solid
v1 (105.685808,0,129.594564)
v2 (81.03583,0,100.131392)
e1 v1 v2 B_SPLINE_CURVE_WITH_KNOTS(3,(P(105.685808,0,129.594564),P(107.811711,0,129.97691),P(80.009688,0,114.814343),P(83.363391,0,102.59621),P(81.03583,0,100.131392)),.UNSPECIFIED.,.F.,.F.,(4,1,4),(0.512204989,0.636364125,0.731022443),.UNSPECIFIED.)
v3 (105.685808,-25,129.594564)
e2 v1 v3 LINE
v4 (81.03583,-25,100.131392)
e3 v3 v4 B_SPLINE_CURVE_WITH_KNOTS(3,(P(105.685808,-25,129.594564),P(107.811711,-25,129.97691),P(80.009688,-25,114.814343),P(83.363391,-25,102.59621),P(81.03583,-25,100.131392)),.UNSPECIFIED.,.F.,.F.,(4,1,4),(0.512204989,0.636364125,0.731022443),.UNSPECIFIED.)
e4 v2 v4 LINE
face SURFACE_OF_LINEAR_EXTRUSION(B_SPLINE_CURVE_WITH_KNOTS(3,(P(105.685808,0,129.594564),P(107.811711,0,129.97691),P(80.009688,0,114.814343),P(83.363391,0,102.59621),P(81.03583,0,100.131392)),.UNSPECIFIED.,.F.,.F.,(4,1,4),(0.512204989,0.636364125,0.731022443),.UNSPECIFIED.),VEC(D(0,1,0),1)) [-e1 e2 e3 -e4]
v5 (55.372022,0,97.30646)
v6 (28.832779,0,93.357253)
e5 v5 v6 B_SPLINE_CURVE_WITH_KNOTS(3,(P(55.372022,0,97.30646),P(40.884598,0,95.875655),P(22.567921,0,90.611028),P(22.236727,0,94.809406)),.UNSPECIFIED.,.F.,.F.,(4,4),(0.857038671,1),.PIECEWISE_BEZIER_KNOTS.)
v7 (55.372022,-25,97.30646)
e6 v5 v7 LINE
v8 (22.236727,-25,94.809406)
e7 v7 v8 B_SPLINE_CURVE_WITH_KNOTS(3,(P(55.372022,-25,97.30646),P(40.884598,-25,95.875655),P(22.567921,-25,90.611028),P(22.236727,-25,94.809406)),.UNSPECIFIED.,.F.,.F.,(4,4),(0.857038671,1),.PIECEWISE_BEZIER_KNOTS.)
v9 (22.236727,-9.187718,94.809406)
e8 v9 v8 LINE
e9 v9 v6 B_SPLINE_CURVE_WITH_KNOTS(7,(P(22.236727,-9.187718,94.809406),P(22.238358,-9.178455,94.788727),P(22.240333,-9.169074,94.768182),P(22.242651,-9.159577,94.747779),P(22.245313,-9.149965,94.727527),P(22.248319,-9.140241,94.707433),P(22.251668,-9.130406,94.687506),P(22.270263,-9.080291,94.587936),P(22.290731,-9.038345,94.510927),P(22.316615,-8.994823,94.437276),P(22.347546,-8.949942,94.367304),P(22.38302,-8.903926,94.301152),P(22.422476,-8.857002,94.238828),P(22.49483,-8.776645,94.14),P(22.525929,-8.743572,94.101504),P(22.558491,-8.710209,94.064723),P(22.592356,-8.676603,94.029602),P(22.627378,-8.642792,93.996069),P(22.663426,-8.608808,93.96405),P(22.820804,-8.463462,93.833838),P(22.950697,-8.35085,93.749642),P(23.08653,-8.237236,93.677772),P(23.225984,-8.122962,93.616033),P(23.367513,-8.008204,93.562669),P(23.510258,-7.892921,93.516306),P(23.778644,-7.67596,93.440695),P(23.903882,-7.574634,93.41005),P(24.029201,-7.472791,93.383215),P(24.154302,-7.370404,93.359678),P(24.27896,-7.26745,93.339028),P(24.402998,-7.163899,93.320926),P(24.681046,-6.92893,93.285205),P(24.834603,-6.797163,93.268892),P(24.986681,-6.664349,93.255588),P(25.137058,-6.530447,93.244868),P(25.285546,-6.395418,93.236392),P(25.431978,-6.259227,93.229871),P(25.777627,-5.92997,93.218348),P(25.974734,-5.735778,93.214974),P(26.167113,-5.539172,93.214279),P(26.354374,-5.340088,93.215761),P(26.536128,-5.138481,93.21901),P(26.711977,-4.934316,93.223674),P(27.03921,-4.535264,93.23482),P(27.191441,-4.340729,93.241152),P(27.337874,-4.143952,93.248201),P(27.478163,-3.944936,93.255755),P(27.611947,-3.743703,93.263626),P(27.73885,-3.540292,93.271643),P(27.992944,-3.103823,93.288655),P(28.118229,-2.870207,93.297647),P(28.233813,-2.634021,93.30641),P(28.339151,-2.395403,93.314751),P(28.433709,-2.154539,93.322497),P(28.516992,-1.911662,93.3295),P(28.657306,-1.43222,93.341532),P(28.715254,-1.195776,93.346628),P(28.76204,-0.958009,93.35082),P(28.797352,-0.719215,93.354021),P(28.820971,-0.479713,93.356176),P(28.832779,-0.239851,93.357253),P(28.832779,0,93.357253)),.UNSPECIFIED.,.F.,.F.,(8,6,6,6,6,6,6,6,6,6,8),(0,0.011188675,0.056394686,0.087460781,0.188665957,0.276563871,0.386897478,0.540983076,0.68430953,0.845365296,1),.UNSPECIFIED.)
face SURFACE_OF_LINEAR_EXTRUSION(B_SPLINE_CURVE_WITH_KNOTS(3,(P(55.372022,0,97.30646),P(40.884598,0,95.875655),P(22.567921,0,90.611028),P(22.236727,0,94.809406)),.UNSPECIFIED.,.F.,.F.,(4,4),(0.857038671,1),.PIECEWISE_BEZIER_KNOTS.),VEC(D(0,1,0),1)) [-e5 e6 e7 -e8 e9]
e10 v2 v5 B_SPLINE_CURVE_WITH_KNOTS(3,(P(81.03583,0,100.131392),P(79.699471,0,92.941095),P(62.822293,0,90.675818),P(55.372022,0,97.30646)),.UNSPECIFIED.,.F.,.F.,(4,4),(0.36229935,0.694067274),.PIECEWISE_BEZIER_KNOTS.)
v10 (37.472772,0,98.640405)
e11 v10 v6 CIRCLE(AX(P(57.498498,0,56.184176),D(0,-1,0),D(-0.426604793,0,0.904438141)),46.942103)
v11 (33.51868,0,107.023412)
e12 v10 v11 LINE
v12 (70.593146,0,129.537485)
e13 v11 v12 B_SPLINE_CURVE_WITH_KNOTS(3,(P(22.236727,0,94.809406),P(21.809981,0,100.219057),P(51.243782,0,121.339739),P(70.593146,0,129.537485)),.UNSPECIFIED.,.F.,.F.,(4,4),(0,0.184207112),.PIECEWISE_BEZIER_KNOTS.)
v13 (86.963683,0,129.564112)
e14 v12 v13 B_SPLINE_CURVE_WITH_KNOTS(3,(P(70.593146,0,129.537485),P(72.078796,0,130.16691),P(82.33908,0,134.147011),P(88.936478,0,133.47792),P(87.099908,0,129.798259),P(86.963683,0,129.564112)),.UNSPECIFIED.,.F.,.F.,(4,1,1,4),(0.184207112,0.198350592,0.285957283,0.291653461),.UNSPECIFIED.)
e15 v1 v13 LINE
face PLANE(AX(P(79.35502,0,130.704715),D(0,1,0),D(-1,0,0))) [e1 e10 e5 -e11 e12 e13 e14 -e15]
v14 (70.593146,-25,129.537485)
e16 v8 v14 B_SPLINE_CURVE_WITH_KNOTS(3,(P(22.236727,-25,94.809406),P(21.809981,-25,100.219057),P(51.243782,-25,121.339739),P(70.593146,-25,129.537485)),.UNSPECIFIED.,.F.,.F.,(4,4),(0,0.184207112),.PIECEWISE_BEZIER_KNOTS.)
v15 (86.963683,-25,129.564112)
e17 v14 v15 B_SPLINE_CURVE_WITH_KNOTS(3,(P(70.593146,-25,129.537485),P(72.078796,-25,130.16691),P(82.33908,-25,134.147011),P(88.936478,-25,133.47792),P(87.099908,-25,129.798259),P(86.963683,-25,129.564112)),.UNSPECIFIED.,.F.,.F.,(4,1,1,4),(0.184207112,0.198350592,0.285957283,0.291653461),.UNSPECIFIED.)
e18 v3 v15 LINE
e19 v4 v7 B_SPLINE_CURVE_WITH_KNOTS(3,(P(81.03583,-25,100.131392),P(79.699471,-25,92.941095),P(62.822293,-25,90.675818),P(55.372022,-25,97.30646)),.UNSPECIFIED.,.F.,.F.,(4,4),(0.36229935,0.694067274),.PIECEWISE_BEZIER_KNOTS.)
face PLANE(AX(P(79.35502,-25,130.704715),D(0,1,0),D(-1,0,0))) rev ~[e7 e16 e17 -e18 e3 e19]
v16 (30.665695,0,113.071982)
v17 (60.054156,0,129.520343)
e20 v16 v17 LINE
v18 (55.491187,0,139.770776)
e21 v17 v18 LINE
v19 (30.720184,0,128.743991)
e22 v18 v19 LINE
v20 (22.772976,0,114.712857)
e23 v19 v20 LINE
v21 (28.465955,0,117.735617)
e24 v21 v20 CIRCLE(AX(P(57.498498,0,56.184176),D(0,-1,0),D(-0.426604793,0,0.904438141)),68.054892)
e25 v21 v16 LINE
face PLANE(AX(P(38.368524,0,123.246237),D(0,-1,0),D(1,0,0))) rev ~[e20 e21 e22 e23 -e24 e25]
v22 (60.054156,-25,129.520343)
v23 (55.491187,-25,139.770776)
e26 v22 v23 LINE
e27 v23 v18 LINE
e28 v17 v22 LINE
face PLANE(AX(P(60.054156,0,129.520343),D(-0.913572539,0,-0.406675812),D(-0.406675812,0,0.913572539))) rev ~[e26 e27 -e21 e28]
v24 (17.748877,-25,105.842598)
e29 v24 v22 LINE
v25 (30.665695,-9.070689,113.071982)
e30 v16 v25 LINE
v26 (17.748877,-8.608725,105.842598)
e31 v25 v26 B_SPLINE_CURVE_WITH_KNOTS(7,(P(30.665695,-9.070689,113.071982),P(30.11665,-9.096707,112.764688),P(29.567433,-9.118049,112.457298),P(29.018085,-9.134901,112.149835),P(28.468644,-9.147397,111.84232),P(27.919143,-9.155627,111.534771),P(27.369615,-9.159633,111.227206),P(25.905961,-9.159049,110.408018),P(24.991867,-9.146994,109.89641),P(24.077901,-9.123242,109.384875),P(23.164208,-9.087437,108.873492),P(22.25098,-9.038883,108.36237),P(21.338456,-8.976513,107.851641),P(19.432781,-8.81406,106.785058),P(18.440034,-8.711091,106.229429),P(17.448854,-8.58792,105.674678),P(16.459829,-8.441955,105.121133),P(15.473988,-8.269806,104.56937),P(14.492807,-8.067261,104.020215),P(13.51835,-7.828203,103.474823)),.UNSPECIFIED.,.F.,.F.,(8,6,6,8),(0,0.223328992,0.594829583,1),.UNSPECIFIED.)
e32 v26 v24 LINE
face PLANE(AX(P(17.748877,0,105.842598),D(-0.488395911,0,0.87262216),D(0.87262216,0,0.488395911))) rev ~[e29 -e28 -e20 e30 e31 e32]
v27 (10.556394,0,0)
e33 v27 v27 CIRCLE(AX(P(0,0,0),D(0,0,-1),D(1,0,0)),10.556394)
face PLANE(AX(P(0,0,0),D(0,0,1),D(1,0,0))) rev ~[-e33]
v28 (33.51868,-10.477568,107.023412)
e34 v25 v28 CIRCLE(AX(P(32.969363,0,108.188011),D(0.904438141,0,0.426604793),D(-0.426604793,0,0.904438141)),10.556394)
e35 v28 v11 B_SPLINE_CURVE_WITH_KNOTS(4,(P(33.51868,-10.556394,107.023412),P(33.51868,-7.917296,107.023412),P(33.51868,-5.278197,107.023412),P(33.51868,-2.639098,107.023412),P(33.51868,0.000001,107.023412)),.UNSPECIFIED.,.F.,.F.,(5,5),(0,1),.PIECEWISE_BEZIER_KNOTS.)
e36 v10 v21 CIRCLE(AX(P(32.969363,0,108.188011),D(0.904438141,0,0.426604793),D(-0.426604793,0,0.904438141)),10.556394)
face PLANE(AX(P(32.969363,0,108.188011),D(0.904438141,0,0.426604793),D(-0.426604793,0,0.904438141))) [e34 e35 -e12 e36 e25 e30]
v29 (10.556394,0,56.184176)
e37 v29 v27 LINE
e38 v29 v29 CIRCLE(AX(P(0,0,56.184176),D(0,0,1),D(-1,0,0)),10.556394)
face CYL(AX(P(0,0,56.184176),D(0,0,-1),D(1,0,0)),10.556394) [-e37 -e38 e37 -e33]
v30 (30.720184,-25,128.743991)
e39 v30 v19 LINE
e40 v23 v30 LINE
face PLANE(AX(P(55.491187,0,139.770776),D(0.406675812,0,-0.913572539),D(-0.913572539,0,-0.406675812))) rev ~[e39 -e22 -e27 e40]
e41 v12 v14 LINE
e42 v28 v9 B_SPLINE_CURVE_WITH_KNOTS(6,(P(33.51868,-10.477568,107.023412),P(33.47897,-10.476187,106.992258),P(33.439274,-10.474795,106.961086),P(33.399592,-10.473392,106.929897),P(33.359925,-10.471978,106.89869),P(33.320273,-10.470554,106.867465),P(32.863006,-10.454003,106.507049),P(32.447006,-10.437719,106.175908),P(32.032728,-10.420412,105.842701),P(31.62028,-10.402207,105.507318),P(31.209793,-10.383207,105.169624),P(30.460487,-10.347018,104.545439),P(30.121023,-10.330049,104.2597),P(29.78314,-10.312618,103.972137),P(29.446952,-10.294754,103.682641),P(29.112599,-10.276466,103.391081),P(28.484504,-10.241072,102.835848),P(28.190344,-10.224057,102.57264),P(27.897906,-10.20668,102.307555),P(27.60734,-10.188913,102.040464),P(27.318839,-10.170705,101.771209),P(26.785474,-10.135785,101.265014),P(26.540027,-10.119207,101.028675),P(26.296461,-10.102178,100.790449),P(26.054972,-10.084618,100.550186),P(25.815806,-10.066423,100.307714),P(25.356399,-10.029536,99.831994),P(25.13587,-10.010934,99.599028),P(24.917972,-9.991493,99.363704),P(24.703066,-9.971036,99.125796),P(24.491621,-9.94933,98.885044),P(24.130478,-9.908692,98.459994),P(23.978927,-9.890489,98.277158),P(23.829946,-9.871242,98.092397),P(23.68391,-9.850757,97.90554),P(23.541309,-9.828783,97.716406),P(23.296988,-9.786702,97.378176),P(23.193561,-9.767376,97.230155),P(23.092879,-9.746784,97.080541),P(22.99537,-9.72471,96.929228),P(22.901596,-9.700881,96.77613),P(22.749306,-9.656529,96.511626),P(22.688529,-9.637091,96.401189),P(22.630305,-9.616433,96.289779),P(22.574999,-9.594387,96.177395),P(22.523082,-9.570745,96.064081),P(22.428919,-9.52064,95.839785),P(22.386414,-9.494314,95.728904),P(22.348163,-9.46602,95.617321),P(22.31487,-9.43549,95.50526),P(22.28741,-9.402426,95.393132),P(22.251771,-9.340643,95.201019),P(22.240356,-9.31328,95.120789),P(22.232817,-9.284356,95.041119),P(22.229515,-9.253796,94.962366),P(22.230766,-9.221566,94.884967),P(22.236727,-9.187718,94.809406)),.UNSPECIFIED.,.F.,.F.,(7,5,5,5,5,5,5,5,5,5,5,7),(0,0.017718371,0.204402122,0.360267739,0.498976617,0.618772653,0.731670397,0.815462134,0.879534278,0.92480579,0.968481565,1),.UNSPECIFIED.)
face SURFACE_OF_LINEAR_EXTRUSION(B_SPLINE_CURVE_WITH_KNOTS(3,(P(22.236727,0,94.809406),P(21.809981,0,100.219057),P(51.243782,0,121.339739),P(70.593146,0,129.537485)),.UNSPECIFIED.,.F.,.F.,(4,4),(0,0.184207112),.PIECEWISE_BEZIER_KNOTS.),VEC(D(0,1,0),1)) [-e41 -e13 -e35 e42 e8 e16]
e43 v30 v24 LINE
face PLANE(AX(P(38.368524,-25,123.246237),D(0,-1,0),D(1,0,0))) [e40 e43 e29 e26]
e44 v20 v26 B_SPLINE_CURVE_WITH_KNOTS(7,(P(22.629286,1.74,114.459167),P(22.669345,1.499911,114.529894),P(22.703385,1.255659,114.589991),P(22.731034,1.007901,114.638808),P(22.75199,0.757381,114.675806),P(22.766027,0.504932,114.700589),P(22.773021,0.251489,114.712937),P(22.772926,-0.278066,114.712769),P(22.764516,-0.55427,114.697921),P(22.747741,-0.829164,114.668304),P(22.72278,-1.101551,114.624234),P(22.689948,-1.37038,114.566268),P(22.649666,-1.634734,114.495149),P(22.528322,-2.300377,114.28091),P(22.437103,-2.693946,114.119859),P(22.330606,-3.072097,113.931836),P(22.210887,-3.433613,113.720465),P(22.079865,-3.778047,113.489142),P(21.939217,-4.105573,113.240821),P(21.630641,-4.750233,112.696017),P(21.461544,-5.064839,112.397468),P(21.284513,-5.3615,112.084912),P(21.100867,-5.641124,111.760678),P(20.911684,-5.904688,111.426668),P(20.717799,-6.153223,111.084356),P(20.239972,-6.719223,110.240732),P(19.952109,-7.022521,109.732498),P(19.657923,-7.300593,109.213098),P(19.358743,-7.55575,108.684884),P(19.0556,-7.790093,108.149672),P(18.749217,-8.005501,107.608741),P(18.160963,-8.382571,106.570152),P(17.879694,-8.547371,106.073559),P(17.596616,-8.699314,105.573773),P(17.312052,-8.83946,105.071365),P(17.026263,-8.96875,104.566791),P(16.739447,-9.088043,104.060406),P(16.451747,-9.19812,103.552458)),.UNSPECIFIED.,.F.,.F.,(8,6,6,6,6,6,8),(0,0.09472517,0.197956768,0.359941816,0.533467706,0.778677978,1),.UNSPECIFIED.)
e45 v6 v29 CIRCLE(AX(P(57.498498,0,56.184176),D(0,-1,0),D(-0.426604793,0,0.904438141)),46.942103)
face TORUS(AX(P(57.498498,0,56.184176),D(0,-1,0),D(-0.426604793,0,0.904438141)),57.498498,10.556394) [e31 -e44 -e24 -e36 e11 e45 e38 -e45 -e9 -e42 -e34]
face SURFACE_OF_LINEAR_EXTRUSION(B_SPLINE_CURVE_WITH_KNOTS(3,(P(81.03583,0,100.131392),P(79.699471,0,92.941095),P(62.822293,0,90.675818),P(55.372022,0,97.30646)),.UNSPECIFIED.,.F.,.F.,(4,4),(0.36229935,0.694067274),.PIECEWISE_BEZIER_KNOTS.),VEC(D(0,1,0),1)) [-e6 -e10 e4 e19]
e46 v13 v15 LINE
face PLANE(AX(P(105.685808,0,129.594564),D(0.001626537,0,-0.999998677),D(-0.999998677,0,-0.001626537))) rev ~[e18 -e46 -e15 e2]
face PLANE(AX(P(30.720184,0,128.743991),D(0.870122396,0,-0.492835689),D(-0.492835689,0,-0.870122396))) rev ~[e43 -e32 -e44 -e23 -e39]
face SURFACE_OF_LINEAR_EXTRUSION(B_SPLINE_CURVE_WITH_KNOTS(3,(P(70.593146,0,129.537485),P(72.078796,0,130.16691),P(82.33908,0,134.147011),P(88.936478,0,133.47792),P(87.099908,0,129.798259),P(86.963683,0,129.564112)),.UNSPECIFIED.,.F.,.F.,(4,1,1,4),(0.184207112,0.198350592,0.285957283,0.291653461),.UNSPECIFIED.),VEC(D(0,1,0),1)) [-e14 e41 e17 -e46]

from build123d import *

# Parameters (mm, degrees)
F0_R     = 10.5563944733
F4_DEPTH = 17.4
F5_DEPTH = 25


with BuildPart() as f2:
    # F2: sweep along a path in F1
    with BuildLine(Plane.XZ) as f2_path:
        ThreePointArc((32.9693630338, 108.1880107522), (8.9368583588, 86.9712584307), (0, 56.1841763556))
        Line((0, 56.1841763556), (0, 0))
    # F0 (on Top) → F2 (sweep)
    with BuildSketch(Plane.XY):
        Circle(F0_R)
    sweep(path=f2_path.line)

    # F3 (on Front) → F4 (join)
    with BuildSketch(Plane.XZ):
        Polygon((30.7201836258, 128.7439912558), (17.7488774061, 105.8425977826), (60.0541557765, 129.5203427714), (55.4911866784, 139.7707760334), align=None)
    extrude(amount=F4_DEPTH)

    # F3 (on Front) → F5 (join)
    with BuildSketch(Plane.XZ):
        with BuildLine():
            add(Edge.make_bspline(
                [(70.5931460322, 129.5374848512), (72.0787961892, 130.1669103611), (82.3390802937, 134.1470108941), (88.9364784602, 133.4779202279), (87.0999080955, 129.7982594332), (86.9636833649, 129.5641121704)],
                knots=[0.1842071124, 0.1842071124, 0.1842071124, 0.1842071124, 0.1983505917, 0.2859572834, 0.2916534606, 0.2916534606, 0.2916534606, 0.2916534606], degree=3))
            Line((70.5931460322, 129.5374848512), (86.9636833649, 129.5641121704))
        make_face()
        with BuildLine():
            Line((86.9636833649, 129.5641121704), (70.5931460322, 129.5374848512))
            add(Edge.make_bspline(
                [(22.2367271781, 94.8094055057), (21.8099809815, 100.2190570595), (51.2437823198, 121.3397385227), (70.5931460322, 129.5374848512)],
                knots=[0, 0, 0, 0, 0.1842071124, 0.1842071124, 0.1842071124, 0.1842071124], degree=3))
            add(Edge.make_bspline(
                [(55.3720220923, 97.3064601421), (40.8845983612, 95.8756546572), (22.5679207065, 90.6110281103), (22.2367271781, 94.8094055057)],
                knots=[0.8570386708, 0.8570386708, 0.8570386708, 0.8570386708, 1, 1, 1, 1], degree=3))
            add(Edge.make_bspline(
                [(55.3720220923, 97.3064601421), (48.5019136195, 103.4207659246), (49.6477059157, 117.0994626913), (56.8694397807, 119.2096248269)],
                knots=[0.6940672743, 0.6940672743, 0.6940672743, 0.6940672743, 1, 1, 1, 1], degree=3))
            add(Edge.make_bspline(
                [(56.8694397807, 119.2096248269), (65.42174317, 121.7085741266), (82.4951694142, 107.9833870142), (81.0358300805, 100.1313924789)],
                knots=[0, 0, 0, 0, 0.3622993503, 0.3622993503, 0.3622993503, 0.3622993503], degree=3))
            add(Edge.make_bspline(
                [(105.6858077645, 129.5945644379), (107.8117109305, 129.9769098437), (80.0096882515, 114.8143425622), (83.3633906013, 102.5962098802), (81.0358300805, 100.1313924789)],
                knots=[0.512204989, 0.512204989, 0.512204989, 0.512204989, 0.6363641255, 0.7310224434, 0.7310224434, 0.7310224434, 0.7310224434], degree=3))
            add(Edge.make_bspline(
                [(86.9636833649, 129.5641121704), (84.8863296268, 125.9934925799), (65.3812215141, 111.3167629429), (103.3967493158, 129.1828754223), (105.6858077645, 129.5945644379)],
                knots=[0.2916534606, 0.2916534606, 0.2916534606, 0.2916534606, 0.3785170935, 0.512204989, 0.512204989, 0.512204989, 0.512204989], degree=3))
        make_face()
        Polygon((30.7201836258, 128.7439912558), (17.7488774061, 105.8425977826), (60.0541557765, 129.5203427714), (55.4911866784, 139.7707760334), align=None)
        with BuildLine():
            Line((105.6858077645, 129.5945644379), (86.9636833649, 129.5641121704))
            add(Edge.make_bspline(
                [(86.9636833649, 129.5641121704), (84.8863296268, 125.9934925799), (65.3812215141, 111.3167629429), (103.3967493158, 129.1828754223), (105.6858077645, 129.5945644379)],
                knots=[0.2916534606, 0.2916534606, 0.2916534606, 0.2916534606, 0.3785170935, 0.512204989, 0.512204989, 0.512204989, 0.512204989], degree=3))
        make_face()
        with BuildLine():
            add(Edge.make_bspline(
                [(55.3720220923, 97.3064601421), (48.5019136195, 103.4207659246), (49.6477059157, 117.0994626913), (56.8694397807, 119.2096248269)],
                knots=[0.6940672743, 0.6940672743, 0.6940672743, 0.6940672743, 1, 1, 1, 1], degree=3))
            add(Edge.make_bspline(
                [(81.0358300805, 100.1313924789), (77.9372075592, 96.8500433402), (68.1422620706, 98.567673298), (55.3720220923, 97.3064601421)],
                knots=[0.7310224434, 0.7310224434, 0.7310224434, 0.7310224434, 0.8570386708, 0.8570386708, 0.8570386708, 0.8570386708], degree=3))
            add(Edge.make_bspline(
                [(56.8694397807, 119.2096248269), (65.42174317, 121.7085741266), (82.4951694142, 107.9833870142), (81.0358300805, 100.1313924789)],
                knots=[0, 0, 0, 0, 0.3622993503, 0.3622993503, 0.3622993503, 0.3622993503], degree=3))
        make_face()
        with BuildLine():
            add(Edge.make_bspline(
                [(81.0358300805, 100.1313924789), (77.9372075592, 96.8500433402), (68.1422620706, 98.567673298), (55.3720220923, 97.3064601421)],
                knots=[0.7310224434, 0.7310224434, 0.7310224434, 0.7310224434, 0.8570386708, 0.8570386708, 0.8570386708, 0.8570386708], degree=3))
            add(Edge.make_bspline(
                [(81.0358300805, 100.1313924789), (79.6994711252, 92.941095492), (62.8222928035, 90.6758176319), (55.3720220923, 97.3064601421)],
                knots=[0.3622993503, 0.3622993503, 0.3622993503, 0.3622993503, 0.6940672743, 0.6940672743, 0.6940672743, 0.6940672743], degree=3))
        make_face()
    extrude(amount=F5_DEPTH)


solid = f2.part
